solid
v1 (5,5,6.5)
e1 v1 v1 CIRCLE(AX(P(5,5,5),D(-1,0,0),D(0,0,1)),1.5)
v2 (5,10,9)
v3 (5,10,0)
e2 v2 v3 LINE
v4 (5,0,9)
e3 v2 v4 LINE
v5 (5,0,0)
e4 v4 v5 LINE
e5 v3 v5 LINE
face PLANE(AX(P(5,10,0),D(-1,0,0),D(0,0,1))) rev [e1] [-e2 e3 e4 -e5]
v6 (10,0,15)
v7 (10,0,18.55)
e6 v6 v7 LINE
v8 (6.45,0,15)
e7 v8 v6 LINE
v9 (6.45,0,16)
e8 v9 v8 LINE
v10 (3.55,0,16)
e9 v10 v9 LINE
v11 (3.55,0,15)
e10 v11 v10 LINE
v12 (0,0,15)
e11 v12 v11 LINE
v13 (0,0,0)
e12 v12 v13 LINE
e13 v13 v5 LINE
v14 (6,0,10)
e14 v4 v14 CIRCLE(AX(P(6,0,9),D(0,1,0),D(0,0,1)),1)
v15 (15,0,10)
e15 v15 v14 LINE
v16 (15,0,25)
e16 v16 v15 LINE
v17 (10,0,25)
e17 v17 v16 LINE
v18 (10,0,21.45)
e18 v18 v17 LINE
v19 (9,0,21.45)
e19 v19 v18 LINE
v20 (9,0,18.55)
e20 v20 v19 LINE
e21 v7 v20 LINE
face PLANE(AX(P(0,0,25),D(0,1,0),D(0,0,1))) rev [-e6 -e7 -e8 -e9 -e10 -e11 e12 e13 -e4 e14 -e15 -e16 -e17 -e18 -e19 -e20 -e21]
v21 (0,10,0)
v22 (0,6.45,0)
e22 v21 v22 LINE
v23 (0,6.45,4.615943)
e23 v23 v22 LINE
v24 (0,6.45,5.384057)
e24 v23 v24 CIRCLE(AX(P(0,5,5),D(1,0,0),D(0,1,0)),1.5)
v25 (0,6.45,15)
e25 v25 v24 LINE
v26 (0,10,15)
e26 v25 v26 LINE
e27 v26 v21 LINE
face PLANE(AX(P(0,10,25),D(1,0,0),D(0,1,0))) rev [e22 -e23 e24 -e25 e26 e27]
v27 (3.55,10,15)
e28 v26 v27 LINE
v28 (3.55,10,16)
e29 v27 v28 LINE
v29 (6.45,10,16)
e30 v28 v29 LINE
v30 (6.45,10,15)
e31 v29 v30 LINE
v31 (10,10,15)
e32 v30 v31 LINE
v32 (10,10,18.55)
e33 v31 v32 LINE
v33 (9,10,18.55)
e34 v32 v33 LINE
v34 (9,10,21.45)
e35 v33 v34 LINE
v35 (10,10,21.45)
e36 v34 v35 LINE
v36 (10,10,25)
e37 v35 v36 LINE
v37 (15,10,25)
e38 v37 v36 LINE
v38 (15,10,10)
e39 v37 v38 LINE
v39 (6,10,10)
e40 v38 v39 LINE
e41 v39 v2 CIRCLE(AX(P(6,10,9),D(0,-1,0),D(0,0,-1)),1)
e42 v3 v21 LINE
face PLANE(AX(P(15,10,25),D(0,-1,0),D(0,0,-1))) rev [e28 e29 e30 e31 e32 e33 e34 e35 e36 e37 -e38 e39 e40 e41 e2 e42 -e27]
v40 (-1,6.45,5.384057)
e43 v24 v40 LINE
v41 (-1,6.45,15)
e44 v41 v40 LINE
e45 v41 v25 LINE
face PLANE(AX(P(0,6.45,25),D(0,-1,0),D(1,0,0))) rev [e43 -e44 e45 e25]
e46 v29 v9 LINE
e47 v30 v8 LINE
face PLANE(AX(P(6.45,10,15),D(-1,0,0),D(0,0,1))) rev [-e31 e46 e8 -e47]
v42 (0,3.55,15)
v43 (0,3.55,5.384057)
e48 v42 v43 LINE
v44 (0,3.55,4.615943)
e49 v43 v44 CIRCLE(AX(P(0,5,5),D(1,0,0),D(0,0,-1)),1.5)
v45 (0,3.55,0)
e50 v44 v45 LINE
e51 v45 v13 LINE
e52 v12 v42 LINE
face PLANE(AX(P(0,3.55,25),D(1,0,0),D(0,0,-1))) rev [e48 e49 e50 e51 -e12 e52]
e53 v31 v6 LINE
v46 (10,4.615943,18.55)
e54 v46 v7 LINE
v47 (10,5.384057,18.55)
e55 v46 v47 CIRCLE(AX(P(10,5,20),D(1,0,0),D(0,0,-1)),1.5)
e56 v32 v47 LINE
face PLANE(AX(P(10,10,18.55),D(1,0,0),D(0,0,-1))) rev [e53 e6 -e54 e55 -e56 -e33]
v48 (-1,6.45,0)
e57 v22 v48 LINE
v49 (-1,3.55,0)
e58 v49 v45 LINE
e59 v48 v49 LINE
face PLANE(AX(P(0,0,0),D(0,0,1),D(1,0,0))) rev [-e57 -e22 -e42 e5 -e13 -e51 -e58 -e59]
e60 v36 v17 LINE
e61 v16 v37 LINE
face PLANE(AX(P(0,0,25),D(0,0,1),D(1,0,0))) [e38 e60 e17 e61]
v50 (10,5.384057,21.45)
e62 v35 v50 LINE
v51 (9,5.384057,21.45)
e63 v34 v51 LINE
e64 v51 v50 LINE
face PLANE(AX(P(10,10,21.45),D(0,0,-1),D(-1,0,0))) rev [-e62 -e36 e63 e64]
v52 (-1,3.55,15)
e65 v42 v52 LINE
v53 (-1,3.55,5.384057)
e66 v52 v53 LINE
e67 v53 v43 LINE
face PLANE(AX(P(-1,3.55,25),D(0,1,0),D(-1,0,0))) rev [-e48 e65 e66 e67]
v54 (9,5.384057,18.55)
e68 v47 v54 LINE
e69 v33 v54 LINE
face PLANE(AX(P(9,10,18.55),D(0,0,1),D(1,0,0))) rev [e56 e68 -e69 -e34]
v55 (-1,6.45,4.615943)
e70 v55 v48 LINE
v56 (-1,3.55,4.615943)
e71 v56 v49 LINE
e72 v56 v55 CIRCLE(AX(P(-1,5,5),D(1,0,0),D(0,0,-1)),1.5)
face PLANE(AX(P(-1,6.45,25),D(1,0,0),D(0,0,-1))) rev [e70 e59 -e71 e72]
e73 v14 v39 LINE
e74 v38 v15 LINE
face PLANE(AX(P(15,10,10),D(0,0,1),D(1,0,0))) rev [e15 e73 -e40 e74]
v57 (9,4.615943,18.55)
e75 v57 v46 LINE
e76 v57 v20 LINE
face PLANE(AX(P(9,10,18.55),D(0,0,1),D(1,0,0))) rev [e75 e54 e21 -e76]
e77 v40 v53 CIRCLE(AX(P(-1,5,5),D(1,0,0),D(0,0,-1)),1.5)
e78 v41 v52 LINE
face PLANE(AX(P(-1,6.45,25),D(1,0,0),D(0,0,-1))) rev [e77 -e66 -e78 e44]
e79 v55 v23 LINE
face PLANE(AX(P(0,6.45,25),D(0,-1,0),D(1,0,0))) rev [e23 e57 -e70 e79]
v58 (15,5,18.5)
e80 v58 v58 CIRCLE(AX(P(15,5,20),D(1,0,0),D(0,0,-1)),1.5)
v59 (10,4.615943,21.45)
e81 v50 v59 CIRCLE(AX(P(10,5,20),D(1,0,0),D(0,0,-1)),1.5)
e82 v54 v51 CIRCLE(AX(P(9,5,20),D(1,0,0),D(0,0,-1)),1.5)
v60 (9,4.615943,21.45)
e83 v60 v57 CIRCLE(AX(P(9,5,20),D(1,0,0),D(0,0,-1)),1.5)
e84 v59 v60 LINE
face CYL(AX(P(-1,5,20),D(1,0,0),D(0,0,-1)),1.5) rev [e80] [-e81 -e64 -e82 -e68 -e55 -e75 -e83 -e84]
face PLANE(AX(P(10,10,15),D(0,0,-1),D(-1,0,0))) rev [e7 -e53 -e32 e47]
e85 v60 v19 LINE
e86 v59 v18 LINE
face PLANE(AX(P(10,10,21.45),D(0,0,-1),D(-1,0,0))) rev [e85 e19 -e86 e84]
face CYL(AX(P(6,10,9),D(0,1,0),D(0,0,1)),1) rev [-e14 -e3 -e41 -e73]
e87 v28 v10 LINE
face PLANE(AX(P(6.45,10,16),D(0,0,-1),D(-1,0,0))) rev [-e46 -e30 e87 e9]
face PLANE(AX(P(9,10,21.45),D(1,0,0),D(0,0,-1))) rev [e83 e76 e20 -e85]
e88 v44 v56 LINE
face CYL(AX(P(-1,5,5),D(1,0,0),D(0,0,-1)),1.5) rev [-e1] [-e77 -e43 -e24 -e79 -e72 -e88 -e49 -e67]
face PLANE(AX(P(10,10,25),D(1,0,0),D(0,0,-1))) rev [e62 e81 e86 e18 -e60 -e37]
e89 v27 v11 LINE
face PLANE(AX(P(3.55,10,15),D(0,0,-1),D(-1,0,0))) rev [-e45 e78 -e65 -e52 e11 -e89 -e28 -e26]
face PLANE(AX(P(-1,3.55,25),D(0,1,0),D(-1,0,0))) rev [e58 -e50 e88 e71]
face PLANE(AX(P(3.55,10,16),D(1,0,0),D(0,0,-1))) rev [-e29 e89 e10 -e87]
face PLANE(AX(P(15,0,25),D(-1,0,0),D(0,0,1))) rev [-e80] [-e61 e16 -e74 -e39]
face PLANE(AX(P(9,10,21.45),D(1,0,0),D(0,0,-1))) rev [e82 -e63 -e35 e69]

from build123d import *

# Parameters (mm, degrees)
MAIN_DEPTH             = 25
SKETCH2_W              = 10
SKETCH2_H              = 10
VERTICALFORM_DEPTH     = 11
SKETCH3_R              = 1.5
MAKERBEAMFIXHOLE_DEPTH = 17
FILLET1_R              = 1


with BuildPart() as part:
    # Sketch1 → Main (new body)
    with BuildSketch(Plane.XY):
        Polygon((0, 10), (0, 6.45), (-1, 6.45), (-1, 3.55), (0, 3.55), (0, 0), (15, 0), (15, 10), align=None)
    extrude(amount=MAIN_DEPTH)

    # Sketch2 → VerticalForm (cut, through all)
    with BuildSketch(Plane(origin=(0, 0, 0), x_dir=(-1, 0, 0), z_dir=(0, -1, 0))):
        Polygon((1, -15), (1, -25), (-10, -25), (-10, -21.45), (-9, -21.45), (-9, -18.55), (-10, -18.55), (-10, -15), (-6.45, -15), (-6.45, -16), (-3.55, -16), (-3.55, -15), align=None)
        with Locations((-10, -5)):
            Rectangle(SKETCH2_W, SKETCH2_H)
    extrude(amount=-VERTICALFORM_DEPTH, mode=Mode.SUBTRACT)

    # Sketch3 → MakerBeamFixHole (cut, through all)
    with BuildSketch(Plane(origin=(15, 0, 0), x_dir=(0, 0, -1), z_dir=(1, 0, 0))):
        with Locations((-5, 5)):
            Circle(SKETCH3_R)
        with Locations((-20, 5)):
            Circle(SKETCH3_R)
    extrude(amount=-MAKERBEAMFIXHOLE_DEPTH, mode=Mode.SUBTRACT)

    # Fillet1
    fillet1_edges = [part.edges().sort_by_distance(p)[0] for p in [
        (5, 5, 10),
    ]]
    fillet(fillet1_edges, radius=FILLET1_R)


solid = part.part
